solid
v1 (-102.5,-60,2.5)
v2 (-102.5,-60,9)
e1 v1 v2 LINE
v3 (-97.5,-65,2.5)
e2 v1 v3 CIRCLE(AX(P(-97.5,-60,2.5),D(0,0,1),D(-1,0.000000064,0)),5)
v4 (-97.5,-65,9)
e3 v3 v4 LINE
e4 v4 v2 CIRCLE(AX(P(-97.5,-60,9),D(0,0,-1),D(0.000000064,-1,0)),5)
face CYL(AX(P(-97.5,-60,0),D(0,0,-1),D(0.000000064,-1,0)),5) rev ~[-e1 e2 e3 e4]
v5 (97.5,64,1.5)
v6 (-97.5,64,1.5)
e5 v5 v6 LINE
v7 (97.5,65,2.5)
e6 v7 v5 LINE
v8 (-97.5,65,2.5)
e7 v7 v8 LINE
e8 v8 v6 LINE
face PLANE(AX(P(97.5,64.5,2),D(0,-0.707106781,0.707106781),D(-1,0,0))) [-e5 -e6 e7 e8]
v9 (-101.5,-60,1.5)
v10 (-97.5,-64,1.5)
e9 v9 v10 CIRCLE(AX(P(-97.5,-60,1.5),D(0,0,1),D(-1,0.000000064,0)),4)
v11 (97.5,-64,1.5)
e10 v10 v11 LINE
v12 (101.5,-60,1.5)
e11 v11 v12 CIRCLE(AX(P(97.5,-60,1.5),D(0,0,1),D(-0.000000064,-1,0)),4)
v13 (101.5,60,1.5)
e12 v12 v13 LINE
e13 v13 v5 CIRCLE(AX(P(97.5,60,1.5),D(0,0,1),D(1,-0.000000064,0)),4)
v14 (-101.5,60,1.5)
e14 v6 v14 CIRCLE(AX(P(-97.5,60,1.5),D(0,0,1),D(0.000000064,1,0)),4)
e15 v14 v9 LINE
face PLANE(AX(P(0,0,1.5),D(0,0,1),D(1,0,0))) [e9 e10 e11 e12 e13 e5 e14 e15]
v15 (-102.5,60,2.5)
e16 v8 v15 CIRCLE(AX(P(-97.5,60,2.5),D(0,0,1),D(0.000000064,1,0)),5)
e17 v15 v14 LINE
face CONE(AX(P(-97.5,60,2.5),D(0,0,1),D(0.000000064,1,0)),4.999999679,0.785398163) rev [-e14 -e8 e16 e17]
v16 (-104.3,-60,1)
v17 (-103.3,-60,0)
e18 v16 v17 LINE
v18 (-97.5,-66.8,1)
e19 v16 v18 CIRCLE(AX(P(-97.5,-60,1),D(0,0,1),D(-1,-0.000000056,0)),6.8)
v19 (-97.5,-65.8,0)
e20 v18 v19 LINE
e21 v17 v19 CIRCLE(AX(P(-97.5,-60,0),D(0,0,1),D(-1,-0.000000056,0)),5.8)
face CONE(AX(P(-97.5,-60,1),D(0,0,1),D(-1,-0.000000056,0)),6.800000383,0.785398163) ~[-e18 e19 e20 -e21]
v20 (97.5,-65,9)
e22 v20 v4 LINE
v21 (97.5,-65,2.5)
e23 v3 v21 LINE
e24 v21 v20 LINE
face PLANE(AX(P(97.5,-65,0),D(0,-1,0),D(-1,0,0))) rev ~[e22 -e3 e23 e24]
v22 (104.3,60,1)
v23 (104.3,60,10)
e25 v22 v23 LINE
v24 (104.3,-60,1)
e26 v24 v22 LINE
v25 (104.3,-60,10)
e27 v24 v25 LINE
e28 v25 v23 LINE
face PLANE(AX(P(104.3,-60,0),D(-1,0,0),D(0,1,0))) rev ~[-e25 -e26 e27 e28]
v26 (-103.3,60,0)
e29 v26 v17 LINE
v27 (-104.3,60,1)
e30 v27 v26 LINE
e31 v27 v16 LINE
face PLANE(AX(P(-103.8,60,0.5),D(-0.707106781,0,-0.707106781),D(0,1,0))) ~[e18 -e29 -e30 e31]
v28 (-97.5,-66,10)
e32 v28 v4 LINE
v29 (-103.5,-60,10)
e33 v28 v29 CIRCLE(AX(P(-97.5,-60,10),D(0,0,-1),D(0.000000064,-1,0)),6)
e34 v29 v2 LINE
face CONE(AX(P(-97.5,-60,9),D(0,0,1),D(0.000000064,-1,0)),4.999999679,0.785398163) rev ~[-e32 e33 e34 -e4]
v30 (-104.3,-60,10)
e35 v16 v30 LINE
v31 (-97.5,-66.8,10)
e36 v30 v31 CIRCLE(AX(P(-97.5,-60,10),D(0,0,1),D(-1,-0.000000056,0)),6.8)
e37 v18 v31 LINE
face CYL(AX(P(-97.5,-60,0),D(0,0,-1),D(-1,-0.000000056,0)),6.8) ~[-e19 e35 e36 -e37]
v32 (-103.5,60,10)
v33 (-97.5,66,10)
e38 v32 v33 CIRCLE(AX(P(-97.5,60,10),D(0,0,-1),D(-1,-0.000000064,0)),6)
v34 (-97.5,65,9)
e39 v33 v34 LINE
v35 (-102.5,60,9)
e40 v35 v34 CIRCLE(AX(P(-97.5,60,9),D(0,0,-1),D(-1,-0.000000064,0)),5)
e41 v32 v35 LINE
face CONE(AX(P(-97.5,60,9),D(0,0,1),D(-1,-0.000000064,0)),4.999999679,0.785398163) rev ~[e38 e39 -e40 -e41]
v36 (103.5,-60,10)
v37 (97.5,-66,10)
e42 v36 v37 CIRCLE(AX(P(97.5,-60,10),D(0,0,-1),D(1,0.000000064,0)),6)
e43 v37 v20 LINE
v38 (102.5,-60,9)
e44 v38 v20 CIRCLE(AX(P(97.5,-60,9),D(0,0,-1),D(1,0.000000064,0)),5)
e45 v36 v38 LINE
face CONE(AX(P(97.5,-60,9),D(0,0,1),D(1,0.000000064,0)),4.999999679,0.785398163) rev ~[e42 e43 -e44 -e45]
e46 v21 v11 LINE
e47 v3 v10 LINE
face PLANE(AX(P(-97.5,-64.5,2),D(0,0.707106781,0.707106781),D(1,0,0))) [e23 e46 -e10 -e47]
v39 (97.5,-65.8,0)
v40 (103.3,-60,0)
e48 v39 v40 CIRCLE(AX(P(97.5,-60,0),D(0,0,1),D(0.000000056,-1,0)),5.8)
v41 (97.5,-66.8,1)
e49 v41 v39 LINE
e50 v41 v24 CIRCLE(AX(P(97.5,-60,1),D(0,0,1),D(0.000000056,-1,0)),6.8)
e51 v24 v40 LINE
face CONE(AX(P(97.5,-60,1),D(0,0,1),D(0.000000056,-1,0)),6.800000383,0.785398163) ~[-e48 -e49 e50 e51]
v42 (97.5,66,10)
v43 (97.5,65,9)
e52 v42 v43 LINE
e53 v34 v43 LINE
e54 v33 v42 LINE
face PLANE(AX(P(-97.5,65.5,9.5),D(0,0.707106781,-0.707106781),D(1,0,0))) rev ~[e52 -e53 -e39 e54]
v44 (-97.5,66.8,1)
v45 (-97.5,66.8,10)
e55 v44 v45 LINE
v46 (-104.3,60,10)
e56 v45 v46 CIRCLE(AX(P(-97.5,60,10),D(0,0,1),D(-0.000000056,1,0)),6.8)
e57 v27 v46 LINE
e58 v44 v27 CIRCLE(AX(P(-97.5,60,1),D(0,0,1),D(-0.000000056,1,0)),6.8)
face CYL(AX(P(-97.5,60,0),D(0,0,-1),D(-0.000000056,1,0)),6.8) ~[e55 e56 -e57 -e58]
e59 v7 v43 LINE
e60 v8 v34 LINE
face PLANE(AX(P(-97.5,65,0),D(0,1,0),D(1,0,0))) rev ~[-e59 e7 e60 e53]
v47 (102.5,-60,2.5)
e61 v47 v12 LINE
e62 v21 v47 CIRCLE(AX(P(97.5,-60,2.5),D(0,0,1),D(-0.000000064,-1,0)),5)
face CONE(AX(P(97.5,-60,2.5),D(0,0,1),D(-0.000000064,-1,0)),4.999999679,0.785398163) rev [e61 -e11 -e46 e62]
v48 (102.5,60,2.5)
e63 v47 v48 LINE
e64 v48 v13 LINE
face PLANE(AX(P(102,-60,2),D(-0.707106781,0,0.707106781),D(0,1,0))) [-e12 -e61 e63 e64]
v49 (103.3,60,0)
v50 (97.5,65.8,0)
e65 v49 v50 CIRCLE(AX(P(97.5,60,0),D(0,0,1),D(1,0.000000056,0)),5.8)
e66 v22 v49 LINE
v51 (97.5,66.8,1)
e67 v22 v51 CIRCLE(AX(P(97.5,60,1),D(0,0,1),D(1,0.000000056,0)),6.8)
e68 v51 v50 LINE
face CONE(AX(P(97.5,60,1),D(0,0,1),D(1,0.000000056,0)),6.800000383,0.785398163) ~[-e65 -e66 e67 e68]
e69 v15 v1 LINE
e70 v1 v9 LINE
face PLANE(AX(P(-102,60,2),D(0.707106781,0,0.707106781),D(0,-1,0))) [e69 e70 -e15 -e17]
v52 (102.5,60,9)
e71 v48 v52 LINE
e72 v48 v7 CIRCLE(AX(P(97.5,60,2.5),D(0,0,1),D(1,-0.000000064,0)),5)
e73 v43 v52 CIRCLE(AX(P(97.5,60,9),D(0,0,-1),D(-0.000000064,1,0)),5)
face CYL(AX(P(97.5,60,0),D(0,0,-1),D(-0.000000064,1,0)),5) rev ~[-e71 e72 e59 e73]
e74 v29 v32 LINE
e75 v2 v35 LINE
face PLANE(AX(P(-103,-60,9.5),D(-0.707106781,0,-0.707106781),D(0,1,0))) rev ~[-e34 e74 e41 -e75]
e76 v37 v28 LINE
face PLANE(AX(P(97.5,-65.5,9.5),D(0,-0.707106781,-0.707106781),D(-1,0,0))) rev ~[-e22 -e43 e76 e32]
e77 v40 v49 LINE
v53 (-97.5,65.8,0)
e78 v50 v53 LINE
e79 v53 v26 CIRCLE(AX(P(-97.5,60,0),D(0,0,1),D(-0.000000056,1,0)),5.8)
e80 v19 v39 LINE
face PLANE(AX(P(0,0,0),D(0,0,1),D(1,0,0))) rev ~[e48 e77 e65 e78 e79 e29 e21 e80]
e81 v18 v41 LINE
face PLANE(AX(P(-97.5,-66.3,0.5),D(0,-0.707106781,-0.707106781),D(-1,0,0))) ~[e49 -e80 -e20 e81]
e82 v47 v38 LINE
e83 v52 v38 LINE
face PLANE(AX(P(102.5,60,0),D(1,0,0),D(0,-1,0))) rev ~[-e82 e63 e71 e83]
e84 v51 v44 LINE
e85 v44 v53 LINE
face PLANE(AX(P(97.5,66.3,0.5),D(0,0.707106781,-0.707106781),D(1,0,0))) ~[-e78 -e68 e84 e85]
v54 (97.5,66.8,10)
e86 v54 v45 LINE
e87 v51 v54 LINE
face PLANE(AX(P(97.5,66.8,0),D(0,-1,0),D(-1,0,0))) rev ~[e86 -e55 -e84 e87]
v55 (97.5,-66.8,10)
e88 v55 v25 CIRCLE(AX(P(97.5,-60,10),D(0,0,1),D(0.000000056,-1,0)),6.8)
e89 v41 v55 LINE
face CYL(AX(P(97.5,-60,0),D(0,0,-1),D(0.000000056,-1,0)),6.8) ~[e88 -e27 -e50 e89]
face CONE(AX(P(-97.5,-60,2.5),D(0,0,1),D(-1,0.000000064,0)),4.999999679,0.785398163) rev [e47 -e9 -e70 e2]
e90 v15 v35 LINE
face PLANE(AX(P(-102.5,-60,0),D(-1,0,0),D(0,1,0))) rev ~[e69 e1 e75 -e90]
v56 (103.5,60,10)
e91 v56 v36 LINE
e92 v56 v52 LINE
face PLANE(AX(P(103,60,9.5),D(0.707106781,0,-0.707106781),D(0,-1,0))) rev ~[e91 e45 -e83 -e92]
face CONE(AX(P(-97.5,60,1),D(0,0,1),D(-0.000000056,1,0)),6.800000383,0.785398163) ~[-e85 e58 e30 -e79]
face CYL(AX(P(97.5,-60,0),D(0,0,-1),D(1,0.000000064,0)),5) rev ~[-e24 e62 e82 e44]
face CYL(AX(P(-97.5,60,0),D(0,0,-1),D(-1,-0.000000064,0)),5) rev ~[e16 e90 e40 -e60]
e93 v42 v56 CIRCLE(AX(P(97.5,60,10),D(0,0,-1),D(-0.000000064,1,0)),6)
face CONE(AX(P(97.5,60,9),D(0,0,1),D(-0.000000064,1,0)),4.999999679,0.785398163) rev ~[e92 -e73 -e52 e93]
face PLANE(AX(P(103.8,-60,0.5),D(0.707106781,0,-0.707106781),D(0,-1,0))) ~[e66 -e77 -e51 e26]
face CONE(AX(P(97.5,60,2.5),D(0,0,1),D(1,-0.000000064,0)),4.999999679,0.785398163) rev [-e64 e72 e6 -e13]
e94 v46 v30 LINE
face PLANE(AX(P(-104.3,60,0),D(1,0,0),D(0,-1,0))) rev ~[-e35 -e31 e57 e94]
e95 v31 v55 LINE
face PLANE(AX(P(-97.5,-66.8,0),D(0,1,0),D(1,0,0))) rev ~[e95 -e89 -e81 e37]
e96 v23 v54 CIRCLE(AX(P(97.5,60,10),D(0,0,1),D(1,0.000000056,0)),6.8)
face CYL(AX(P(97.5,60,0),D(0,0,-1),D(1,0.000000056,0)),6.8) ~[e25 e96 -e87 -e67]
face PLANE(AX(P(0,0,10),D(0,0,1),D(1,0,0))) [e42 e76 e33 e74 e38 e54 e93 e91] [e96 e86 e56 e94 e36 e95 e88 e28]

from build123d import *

# Parameters (mm, degrees)
F1_DEPTH = 1.5
F2_DEPTH = 10
F3_SIZE  = 1


with BuildPart() as f1:
    # F0 (on Top) → F1 (new body)
    with BuildSketch(Plane.XY):
        with BuildLine():
            ThreePointArc((102.5, 60), (101.035534, 63.535534), (97.5, 65))
            Line((97.5, 65), (-97.5, 65))
            ThreePointArc((-97.5, 65), (-101.035534, 63.535534), (-102.5, 60))
            Line((-102.5, 60), (-102.5, -60))
            ThreePointArc((-102.5, -60), (-101.035534, -63.535534), (-97.5, -65))
            Line((-97.5, -65), (97.5, -65))
            ThreePointArc((97.5, -65), (101.035534, -63.535534), (102.5, -60))
            Line((102.5, -60), (102.5, 60))
        make_face()
    extrude(amount=F1_DEPTH)

    # F0 (on Top) → F2 (join)
    with BuildSketch(Plane.XY):
        with BuildLine():
            Line((104.3, -60), (104.3, 60))
            ThreePointArc((104.3, 60), (102.308326, 64.808326), (97.5, 66.8))
            Line((97.5, 66.8), (-97.5, 66.8))
            ThreePointArc((-97.5, 66.8), (-102.308326, 64.808326), (-104.3, 60))
            Line((-104.3, 60), (-104.3, -60))
            ThreePointArc((-104.3, -60), (-102.308326, -64.808326), (-97.5, -66.8))
            Line((-97.5, -66.8), (97.5, -66.8))
            ThreePointArc((97.5, -66.8), (102.308326, -64.808326), (104.3, -60))
        make_face()
        with BuildLine():
            Line((-97.5, 65), (97.5, 65))
            ThreePointArc((97.5, 65), (101.035534, 63.535534), (102.5, 60))
            Line((102.5, 60), (102.5, -60))
            ThreePointArc((102.5, -60), (101.035534, -63.535534), (97.5, -65))
            Line((97.5, -65), (-97.5, -65))
            ThreePointArc((-97.5, -65), (-101.035534, -63.535534), (-102.5, -60))
            Line((-102.5, -60), (-102.5, 60))
            ThreePointArc((-102.5, 60), (-101.035534, 63.535534), (-97.5, 65))
        make_face(mode=Mode.SUBTRACT)
    extrude(amount=F2_DEPTH)

    # F3
    f3_edges = [f1.edges().sort_by_distance(p)[0] for p in [
        (102.308326, -64.808326, 0),
        (104.3, 0, 0),
        (102.308326, 64.808326, 0),
        (0, 66.8, 0),
        (-102.308326, 64.808326, 0),
        (-104.3, 0, 0),
        (-102.308326, -64.808326, 0),
        (0, -66.8, 0),
        (101.035534, 63.535534, 1.5),
        (0, 65, 1.5),
        (-101.035534, 63.535534, 1.5),
        (-102.5, 0, 1.5),
        (-101.035534, -63.535534, 1.5),
        (0, -65, 1.5),
        (101.035534, -63.535534, 1.5),
        (102.5, 0, 1.5),
        (97.5, 65, 5.75),
        (0, 65, 10),
        (-97.5, 65, 5.75),
    ]]
    chamfer(f3_edges, length=F3_SIZE)


solid = f1.part
